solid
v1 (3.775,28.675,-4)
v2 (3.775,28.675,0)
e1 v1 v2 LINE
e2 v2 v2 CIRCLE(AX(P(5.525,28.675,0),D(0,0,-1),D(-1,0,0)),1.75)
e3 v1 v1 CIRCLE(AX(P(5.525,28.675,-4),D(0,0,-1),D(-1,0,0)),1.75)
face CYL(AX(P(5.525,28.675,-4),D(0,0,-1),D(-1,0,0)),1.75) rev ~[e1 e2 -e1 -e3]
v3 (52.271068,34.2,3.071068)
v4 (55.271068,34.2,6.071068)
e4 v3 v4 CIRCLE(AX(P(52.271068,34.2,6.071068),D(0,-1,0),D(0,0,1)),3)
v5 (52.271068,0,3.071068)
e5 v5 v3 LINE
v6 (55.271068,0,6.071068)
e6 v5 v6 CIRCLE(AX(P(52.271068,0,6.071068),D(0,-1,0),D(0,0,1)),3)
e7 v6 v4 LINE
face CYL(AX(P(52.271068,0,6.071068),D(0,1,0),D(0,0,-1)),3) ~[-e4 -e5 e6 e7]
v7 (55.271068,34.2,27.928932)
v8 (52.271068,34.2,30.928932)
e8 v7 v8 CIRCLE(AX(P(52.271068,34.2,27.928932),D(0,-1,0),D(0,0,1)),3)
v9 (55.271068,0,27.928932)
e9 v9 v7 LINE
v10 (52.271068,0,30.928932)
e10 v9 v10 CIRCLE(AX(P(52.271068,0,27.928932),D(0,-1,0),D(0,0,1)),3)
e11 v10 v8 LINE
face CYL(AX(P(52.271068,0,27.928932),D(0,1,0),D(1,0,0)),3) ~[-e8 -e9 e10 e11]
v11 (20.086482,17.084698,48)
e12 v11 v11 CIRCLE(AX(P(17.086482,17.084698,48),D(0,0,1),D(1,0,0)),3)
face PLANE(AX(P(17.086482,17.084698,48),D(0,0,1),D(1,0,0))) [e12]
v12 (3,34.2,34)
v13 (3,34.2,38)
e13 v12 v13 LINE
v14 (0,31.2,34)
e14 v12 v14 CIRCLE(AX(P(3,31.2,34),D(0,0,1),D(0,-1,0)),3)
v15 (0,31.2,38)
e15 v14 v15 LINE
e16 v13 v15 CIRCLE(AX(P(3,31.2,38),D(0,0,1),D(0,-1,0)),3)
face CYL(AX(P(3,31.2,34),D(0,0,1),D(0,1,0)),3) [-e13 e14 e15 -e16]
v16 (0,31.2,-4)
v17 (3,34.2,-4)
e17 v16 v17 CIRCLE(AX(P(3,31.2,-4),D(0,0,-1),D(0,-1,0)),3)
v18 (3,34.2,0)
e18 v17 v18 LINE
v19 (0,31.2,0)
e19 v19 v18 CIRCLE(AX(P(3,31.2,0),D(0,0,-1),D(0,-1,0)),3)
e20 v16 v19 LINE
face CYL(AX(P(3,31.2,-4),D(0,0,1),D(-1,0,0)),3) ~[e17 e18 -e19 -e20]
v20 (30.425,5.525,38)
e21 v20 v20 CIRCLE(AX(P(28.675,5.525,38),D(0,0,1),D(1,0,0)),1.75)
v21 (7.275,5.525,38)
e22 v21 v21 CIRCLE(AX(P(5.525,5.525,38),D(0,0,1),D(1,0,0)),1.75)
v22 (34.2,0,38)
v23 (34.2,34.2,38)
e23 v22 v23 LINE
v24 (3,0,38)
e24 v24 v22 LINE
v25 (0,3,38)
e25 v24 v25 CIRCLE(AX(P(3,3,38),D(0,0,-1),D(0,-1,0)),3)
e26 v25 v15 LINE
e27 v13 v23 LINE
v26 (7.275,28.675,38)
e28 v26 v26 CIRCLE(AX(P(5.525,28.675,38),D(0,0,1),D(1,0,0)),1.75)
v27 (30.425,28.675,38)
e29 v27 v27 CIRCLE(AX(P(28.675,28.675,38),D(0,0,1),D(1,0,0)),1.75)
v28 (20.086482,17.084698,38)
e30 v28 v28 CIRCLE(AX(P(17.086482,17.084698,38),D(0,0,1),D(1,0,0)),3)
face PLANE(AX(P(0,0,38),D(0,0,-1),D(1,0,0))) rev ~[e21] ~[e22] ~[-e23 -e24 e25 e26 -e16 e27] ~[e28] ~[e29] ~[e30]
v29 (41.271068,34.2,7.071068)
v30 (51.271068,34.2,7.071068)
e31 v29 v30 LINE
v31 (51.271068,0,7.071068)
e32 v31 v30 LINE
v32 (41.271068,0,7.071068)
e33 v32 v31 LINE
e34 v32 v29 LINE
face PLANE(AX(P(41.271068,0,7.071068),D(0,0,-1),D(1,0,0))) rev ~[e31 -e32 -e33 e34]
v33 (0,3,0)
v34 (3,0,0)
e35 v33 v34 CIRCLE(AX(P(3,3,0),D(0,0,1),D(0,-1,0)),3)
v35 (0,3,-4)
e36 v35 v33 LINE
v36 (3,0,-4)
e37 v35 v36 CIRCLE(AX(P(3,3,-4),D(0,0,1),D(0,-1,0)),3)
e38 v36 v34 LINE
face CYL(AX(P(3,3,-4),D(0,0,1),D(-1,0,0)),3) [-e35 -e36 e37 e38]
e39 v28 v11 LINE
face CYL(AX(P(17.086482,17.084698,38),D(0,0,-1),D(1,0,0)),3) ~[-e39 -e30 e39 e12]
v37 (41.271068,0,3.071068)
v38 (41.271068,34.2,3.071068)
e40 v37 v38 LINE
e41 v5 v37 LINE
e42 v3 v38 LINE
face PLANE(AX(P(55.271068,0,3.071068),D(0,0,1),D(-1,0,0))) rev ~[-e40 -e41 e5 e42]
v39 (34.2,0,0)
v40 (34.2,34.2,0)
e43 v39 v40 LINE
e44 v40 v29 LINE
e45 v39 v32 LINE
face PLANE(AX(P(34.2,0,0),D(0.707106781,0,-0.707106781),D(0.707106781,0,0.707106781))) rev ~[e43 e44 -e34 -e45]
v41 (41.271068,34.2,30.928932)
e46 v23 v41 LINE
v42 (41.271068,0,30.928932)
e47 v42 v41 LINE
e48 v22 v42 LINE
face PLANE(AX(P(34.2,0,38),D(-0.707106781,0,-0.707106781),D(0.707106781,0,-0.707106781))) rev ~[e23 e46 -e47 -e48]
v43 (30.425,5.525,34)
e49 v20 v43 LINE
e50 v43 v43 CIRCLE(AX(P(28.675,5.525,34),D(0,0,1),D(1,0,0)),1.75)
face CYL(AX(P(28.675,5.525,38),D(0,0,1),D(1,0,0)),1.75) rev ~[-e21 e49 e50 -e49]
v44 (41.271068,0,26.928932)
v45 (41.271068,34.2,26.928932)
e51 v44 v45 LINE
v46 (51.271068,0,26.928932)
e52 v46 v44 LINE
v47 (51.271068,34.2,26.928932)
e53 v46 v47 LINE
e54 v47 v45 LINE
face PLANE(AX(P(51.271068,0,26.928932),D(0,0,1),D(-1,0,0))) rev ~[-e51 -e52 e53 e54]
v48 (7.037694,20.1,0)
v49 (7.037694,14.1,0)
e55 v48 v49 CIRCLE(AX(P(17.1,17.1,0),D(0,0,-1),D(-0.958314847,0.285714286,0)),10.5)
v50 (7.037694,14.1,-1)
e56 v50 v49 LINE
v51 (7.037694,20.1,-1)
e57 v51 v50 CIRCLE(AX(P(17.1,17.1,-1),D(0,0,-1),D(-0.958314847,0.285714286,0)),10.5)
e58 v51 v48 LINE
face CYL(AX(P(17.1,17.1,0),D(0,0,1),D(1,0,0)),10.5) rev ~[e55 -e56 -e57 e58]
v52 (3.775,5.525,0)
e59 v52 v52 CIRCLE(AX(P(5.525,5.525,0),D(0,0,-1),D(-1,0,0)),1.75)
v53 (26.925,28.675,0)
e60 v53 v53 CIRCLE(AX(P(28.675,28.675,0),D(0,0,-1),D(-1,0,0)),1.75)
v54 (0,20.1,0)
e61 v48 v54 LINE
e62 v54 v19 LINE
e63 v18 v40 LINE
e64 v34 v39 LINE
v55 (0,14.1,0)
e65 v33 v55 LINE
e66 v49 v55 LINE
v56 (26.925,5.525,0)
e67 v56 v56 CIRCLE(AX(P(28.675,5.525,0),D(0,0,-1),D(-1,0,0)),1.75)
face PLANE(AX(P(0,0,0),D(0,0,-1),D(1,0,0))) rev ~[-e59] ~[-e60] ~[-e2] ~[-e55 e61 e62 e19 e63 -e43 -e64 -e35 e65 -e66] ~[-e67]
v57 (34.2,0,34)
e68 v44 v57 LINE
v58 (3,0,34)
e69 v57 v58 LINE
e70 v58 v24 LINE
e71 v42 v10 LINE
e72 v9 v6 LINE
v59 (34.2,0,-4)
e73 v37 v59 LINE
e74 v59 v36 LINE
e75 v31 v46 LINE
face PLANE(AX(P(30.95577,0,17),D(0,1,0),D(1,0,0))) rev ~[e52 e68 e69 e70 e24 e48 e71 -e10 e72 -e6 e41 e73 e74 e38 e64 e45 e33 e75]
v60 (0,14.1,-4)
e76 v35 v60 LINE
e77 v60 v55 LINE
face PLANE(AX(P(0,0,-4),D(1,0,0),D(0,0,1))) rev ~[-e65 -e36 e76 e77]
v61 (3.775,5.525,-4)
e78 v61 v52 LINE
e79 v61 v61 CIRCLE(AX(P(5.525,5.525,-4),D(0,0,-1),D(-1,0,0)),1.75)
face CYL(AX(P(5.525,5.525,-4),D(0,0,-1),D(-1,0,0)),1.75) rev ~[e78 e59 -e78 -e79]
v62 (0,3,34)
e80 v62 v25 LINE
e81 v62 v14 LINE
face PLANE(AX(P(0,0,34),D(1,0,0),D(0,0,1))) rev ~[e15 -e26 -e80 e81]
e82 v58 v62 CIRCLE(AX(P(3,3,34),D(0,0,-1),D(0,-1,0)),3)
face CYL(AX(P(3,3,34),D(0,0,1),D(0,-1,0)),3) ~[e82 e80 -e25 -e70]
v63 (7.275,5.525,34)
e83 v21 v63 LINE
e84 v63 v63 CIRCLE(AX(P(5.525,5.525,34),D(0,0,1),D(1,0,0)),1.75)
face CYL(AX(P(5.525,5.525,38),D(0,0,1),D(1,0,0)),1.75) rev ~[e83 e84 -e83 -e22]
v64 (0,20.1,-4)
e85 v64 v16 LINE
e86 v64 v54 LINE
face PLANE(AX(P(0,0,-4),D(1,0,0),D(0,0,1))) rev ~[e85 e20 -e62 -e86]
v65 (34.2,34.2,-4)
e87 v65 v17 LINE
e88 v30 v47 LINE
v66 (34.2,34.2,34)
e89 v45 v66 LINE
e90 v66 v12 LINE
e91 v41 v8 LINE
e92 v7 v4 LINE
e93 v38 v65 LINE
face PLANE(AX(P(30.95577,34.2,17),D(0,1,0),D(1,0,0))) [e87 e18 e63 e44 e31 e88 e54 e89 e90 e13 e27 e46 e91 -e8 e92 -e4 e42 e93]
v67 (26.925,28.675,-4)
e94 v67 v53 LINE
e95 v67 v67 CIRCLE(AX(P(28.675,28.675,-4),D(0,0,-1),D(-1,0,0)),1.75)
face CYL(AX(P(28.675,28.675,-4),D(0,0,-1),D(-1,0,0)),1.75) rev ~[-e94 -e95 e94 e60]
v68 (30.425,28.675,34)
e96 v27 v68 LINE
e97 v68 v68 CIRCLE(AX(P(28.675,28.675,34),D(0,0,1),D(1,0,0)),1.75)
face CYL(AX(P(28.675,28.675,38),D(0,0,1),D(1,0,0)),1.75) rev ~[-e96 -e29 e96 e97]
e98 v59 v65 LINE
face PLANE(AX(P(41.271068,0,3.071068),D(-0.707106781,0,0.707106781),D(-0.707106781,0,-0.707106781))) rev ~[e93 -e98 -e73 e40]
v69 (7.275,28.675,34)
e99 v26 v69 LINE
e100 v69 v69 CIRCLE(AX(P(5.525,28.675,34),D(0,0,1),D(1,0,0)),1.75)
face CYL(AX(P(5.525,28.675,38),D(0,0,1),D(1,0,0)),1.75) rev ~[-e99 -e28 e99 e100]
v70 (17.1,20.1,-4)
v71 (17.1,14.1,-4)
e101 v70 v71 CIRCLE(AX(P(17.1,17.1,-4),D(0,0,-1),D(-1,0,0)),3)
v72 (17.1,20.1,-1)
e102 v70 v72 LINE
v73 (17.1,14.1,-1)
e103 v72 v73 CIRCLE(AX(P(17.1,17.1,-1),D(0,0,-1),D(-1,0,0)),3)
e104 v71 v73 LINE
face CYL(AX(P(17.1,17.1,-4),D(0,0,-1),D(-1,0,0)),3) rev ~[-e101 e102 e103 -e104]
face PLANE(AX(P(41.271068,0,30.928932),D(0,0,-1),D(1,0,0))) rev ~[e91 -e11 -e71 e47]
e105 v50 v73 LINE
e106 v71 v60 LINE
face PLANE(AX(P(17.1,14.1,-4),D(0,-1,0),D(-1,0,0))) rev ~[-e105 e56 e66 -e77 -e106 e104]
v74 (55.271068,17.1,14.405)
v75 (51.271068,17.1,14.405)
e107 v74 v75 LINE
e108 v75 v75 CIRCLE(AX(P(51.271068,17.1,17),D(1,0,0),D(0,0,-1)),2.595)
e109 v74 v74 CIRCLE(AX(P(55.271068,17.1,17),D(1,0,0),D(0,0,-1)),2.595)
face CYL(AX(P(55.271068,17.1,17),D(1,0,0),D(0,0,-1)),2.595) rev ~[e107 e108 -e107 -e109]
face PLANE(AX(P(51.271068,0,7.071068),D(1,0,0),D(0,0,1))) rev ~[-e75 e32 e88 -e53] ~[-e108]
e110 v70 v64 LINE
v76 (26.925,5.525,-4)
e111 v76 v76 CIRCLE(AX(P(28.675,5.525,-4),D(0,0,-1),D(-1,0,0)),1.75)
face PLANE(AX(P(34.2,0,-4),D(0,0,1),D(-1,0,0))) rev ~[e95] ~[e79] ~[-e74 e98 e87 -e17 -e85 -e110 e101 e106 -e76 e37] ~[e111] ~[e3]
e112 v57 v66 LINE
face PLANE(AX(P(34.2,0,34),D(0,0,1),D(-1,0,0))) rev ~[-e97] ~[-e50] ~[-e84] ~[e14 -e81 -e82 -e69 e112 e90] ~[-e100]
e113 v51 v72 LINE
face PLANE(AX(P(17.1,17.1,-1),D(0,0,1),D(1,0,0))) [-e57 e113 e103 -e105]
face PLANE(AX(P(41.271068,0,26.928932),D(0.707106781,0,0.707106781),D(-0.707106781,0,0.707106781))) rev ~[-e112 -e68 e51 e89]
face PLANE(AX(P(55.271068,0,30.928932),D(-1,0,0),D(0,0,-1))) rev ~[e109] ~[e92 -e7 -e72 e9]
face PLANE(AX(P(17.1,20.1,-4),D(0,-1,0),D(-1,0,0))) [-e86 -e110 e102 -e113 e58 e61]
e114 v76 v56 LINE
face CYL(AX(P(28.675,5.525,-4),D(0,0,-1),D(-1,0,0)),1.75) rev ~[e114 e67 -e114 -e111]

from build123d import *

# Parameters (mm, degrees)
BOSS_EXTRUDE1_DEPTH = 34.2
SKETCH2_R           = 1.75
SKETCH2_R_2         = 3
CUT_EXTRUDE2_DEPTH  = 4
SKETCH3_R           = 10.5
CUT_EXTRUDE3_DEPTH  = 1
SKETCH5_R           = 1.75
CUT_EXTRUDE7_DEPTH  = 4
FILLET2_R           = 3
FILLET3_R           = 3
SKETCH12_R          = 2.595
CUT_EXTRUDE8_DEPTH  = 4
SKETCH14_W          = 17.1
SKETCH14_H          = 6
CUT_EXTRUDE9_DEPTH  = 4
SKETCH15_R          = 3
BOSS_EXTRUDE2_DEPTH = 10


with BuildPart() as part:
    # Sketch1 → Boss-Extrude1 (new body)
    with BuildSketch(Plane(origin=(0, 0, 0), x_dir=(1, 0, 0), z_dir=(0, 1, 0))):
        Polygon((0, 0), (34.2, 0), (41.271067812, -7.071067812), (51.271067812, -7.071067812), (51.271067812, -26.928932188), (41.271067812, -26.928932188), (34.2, -34), (0, -34), (0, -38), (34.2, -38), (41.271067812, -30.928932188), (55.271067812, -30.928932188), (55.271067812, -26.928932188), (55.271067812, -3.071067812), (51.271067812, -3.071067812), (41.271067812, -3.071067812), (34.2, 4), (0, 4), align=None)
    extrude(amount=BOSS_EXTRUDE1_DEPTH)

    # Sketch2 → Cut-Extrude2 (cut)
    with BuildSketch(Plane(origin=(0, 0, -4), x_dir=(-1, 0, 0), z_dir=(0, 0, -1))):
        with Locations((-28.675, 28.675)):
            Circle(SKETCH2_R)
        with Locations((-5.525, 28.675)):
            Circle(SKETCH2_R)
        with Locations((-5.525, 5.525)):
            Circle(SKETCH2_R)
        with Locations((-28.675, 5.525)):
            Circle(SKETCH2_R)
        with Locations((-17.1, 17.1)):
            Circle(SKETCH2_R_2)
    extrude(amount=-CUT_EXTRUDE2_DEPTH, mode=Mode.SUBTRACT)

    # Sketch3 → Cut-Extrude3 (cut)
    with BuildSketch(Plane.XY):
        with Locations((17.1, 17.1)):
            Circle(SKETCH3_R)
    extrude(amount=-CUT_EXTRUDE3_DEPTH, mode=Mode.SUBTRACT)

    # Sketch5 → Cut-Extrude7 (cut)
    with BuildSketch(Plane.XY.offset(38)):
        with Locations((28.675, 28.675)):
            Circle(SKETCH5_R)
        with Locations((5.525, 28.675)):
            Circle(SKETCH5_R)
        with Locations((5.525, 5.525)):
            Circle(SKETCH5_R)
        with Locations((28.675, 5.525)):
            Circle(SKETCH5_R)
    extrude(amount=-CUT_EXTRUDE7_DEPTH, mode=Mode.SUBTRACT)

    # Fillet2
    fillet2_edges = [part.edges().sort_by_distance(p)[0] for p in [
        (0, 0, 36),
        (0, 0, -2),
        (0, 34.2, 36),
        (0, 34.2, -2),
    ]]
    fillet(fillet2_edges, radius=FILLET2_R)

    # Fillet3
    fillet3_edges = [part.edges().sort_by_distance(p)[0] for p in [
        (55.271067812, 17.1, 3.071067812),
        (55.271067812, 17.1, 30.928932188),
    ]]
    fillet(fillet3_edges, radius=FILLET3_R)

    # Sketch12 → Cut-Extrude8 (cut)
    with BuildSketch(Plane(origin=(55.271067812, 0, 0), x_dir=(0, 0, -1), z_dir=(1, 0, 0))):
        with Locations((-17, 17.1)):
            Circle(SKETCH12_R)
    extrude(amount=-CUT_EXTRUDE8_DEPTH, mode=Mode.SUBTRACT)

    # Sketch14 → Cut-Extrude9 (cut)
    with BuildSketch(Plane(origin=(0, 0, -4), x_dir=(-1, 0, 0), z_dir=(0, 0, -1))):
        with Locations((-8.55, 17.1)):
            Rectangle(SKETCH14_W, SKETCH14_H)
    extrude(amount=-CUT_EXTRUDE9_DEPTH, mode=Mode.SUBTRACT)

    # Sketch15 → Boss-Extrude2 (add)
    with BuildSketch(Plane.XY.offset(38)):
        with Locations((17.086482483, 17.08469774)):
            Circle(SKETCH15_R)
    extrude(amount=BOSS_EXTRUDE2_DEPTH)


solid = part.part
